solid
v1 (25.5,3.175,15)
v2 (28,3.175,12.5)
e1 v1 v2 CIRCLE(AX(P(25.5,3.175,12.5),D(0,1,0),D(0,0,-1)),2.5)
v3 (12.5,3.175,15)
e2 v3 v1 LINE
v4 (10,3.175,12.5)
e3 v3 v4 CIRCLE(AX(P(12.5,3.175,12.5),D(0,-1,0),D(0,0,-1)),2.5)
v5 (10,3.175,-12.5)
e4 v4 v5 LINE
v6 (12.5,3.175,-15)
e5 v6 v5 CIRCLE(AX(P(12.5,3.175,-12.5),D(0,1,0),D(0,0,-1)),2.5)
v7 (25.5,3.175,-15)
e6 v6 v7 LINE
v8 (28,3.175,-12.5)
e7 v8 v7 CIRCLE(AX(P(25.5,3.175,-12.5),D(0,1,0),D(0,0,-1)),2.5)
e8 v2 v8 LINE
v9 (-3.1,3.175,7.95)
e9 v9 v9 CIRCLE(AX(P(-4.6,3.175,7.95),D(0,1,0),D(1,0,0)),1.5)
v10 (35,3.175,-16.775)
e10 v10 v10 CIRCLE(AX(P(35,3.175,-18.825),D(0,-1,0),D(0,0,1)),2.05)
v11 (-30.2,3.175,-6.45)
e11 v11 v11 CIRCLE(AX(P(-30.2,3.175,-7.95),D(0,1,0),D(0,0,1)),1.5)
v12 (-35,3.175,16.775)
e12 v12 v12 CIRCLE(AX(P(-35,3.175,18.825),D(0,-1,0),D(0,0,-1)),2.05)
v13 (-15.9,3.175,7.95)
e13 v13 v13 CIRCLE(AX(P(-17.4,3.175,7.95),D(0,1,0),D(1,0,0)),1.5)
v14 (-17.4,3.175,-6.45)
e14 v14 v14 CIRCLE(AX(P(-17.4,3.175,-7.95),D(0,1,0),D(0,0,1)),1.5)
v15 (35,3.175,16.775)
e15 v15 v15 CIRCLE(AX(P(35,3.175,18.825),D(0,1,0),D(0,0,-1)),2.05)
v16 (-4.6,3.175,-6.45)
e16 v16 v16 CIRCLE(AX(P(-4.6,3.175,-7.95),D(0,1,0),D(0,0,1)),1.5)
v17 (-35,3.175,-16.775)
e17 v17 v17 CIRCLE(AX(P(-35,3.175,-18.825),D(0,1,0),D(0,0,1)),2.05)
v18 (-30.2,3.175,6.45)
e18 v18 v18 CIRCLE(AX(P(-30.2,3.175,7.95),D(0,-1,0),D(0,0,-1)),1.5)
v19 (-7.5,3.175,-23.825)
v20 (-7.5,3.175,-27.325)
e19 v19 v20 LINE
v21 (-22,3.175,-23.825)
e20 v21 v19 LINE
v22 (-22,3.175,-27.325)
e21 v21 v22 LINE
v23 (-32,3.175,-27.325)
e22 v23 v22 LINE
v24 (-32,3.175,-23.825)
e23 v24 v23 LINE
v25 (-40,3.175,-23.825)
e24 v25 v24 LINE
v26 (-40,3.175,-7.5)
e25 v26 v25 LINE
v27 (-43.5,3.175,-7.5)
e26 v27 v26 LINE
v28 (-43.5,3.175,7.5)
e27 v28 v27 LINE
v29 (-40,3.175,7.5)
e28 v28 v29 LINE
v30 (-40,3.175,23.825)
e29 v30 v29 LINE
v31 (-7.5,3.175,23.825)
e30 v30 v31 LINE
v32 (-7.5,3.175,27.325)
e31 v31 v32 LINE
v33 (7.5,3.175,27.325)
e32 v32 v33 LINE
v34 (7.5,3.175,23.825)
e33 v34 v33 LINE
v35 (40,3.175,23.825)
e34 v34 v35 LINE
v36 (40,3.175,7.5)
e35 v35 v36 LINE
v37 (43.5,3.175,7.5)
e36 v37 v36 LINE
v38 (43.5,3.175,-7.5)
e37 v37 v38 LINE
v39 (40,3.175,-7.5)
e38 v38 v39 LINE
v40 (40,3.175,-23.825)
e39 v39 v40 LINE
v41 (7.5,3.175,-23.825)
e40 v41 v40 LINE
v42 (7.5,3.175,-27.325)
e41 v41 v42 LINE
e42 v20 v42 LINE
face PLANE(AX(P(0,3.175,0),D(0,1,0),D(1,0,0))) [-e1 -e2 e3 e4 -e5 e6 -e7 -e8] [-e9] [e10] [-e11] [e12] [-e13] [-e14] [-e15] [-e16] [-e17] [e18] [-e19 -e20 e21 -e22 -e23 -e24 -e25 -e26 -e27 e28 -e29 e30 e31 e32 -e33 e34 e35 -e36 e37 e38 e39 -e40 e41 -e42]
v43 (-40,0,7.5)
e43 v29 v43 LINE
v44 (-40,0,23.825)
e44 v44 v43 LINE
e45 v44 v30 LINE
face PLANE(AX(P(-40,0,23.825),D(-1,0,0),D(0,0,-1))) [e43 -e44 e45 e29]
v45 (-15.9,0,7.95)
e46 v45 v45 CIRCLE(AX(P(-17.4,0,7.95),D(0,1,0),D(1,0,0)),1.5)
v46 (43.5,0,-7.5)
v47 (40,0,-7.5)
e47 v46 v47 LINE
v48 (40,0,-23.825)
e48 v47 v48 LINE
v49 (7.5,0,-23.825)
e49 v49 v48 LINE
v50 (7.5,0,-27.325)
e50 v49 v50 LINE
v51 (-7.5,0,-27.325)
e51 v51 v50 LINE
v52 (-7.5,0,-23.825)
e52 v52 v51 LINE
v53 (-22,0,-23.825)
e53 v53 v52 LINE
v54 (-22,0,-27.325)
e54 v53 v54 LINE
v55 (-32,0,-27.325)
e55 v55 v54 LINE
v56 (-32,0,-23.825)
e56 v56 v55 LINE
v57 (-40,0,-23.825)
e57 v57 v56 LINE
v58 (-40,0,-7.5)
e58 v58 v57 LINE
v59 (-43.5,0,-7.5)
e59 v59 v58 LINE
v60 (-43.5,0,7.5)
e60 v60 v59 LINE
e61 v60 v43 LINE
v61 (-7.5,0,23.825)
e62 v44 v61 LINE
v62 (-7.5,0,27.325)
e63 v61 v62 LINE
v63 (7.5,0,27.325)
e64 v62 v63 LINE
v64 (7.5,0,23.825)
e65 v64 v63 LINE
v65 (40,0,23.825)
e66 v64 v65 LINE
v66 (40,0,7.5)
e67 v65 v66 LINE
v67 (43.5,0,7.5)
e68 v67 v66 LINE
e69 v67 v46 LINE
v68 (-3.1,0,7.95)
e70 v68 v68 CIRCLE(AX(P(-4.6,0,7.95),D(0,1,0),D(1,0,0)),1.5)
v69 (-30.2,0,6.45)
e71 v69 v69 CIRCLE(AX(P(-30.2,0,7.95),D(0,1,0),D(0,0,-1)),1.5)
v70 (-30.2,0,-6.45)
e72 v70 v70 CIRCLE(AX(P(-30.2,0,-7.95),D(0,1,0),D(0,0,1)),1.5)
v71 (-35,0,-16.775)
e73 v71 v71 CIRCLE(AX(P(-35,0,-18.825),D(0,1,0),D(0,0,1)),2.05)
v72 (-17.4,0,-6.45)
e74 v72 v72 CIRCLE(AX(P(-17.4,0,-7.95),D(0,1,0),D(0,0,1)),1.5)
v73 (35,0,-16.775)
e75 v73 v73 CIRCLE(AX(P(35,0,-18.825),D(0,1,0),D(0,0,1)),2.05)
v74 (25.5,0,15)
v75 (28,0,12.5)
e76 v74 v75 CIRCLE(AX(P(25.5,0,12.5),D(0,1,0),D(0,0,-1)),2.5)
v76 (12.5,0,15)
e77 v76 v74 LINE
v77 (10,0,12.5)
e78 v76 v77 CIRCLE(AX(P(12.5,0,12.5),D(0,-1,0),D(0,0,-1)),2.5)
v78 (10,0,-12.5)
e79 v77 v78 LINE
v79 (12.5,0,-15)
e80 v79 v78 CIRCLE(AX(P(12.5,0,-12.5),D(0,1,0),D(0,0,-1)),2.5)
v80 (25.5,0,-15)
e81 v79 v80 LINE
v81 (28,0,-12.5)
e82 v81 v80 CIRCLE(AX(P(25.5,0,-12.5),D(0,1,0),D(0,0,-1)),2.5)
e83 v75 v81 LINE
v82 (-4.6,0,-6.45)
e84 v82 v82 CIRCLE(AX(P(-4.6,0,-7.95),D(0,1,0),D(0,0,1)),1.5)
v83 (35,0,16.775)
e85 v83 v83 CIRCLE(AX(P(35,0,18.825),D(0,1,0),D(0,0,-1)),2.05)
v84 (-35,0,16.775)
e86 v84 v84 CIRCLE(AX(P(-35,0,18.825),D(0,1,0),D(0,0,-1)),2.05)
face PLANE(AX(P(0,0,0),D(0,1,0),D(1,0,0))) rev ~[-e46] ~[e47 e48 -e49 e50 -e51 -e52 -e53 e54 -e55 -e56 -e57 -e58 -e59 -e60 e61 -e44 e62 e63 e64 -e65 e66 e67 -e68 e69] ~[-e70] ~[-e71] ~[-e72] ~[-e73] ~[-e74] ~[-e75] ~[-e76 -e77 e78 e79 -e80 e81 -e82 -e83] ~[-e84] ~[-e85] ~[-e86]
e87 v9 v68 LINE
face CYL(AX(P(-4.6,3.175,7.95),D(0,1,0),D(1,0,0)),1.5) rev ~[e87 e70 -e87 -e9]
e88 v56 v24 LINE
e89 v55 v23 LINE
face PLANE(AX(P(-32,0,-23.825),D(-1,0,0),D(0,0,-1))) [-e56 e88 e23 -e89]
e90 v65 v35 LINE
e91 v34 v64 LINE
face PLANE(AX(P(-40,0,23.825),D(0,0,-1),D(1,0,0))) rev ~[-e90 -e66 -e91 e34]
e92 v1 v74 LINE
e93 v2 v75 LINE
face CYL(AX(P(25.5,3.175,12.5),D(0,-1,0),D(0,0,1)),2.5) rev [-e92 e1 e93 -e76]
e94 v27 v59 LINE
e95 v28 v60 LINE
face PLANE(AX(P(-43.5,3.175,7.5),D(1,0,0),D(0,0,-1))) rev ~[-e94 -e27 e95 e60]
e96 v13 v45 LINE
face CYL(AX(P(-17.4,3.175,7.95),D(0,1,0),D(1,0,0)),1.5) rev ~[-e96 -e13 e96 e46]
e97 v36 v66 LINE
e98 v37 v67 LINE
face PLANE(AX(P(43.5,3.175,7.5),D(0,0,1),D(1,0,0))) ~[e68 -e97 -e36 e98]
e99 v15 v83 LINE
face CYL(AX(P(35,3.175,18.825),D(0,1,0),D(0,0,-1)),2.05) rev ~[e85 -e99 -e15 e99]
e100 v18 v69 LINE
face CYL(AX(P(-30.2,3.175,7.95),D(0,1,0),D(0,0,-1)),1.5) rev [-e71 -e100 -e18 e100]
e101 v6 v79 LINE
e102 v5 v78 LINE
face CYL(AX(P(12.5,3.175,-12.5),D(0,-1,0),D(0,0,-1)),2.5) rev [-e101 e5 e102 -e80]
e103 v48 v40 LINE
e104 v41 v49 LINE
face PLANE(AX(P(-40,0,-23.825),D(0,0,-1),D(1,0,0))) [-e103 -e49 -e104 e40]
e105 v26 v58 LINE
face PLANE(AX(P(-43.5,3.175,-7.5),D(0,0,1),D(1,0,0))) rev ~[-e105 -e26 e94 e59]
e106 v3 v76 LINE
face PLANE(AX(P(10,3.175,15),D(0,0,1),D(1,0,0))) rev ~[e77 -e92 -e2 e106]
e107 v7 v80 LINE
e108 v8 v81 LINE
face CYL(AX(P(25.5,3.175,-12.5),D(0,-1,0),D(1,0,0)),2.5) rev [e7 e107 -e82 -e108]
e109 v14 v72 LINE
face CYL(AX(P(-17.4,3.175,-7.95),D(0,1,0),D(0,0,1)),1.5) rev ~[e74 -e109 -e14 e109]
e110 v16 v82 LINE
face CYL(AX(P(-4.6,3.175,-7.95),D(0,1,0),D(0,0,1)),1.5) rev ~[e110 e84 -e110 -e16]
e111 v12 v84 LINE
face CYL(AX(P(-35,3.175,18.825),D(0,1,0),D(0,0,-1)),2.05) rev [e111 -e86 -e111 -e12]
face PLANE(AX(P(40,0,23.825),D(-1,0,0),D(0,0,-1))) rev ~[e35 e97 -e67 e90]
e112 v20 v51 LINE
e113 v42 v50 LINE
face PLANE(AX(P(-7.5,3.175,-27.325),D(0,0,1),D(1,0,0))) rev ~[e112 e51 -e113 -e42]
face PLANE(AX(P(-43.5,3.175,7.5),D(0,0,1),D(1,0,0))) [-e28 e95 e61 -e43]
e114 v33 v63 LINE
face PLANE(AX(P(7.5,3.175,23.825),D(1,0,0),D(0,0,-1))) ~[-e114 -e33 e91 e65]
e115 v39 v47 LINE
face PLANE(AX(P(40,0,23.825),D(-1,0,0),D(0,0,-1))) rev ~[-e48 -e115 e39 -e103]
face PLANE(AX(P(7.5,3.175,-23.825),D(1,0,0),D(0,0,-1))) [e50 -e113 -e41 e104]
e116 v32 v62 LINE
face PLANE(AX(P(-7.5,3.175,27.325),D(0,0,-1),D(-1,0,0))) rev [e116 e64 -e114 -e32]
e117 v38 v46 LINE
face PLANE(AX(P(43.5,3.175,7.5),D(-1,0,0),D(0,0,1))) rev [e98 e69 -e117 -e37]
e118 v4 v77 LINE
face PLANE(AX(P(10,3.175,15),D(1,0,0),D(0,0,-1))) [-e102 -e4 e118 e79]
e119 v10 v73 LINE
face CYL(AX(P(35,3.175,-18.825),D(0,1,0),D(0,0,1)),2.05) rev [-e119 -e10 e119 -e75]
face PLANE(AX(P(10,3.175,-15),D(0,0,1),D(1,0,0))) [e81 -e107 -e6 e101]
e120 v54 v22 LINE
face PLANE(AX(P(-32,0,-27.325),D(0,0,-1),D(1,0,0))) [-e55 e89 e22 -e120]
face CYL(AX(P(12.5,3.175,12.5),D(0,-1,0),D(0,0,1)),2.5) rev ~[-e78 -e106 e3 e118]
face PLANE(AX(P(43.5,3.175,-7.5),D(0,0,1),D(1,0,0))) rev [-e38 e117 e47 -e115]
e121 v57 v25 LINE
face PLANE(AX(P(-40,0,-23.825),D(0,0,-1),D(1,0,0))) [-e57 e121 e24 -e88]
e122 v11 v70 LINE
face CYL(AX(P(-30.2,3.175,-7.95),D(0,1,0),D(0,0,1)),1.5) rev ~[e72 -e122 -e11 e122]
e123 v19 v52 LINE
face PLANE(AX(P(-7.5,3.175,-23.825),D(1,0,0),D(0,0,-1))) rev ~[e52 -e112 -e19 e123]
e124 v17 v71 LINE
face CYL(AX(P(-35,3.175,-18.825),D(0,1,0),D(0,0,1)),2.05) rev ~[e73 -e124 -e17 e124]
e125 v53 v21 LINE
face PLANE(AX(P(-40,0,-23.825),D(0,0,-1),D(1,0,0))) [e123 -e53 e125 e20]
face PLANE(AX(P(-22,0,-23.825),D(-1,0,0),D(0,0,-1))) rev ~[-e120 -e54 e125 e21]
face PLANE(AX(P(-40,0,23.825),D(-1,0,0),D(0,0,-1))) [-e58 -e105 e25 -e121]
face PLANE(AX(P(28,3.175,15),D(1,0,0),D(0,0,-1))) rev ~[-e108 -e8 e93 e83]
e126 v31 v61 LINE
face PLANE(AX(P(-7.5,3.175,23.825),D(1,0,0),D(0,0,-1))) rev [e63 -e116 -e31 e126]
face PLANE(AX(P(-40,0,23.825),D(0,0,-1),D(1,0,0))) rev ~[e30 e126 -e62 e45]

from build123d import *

# Parameters (mm, degrees)
SKETCH2_W               = 80
SKETCH2_H               = 47.65
BOSS_EXTRUDE1_DEPTH     = 3.175
SKETCH3_W               = 15
SKETCH3_H               = 3.5
BOSS_EXTRUDE2_DEPTH     = 3.175
SKETCH4_W               = 3.5
SKETCH4_H               = 15
BOSS_EXTRUDE3_DEPTH     = 3.175
MIRROR2_COPY_1_SKETCH_W = 3.5
MIRROR2_COPY_1_SKETCH_H = 15
MIRROR2_COPY_1_DEPTH    = 3.175
MIRROR2_COPY_2_SKETCH_W = 3.5
MIRROR2_COPY_2_SKETCH_H = 15
MIRROR2_COPY_2_DEPTH    = 3.175
SKETCH5_R               = 2.05
CUT_EXTRUDE1_DEPTH      = 20
SKETCH6_W               = 18
SKETCH6_H               = 30
CUT_EXTRUDE2_DEPTH      = 52.468303353
FILLET1_R               = 2.5
MIRROR4_COPY_1_SKETCH_R = 2.05
MIRROR4_COPY_1_DEPTH    = 20
SKETCH8_R               = 1.5
CUT_EXTRUDE4_DEPTH      = 10
LPATTERN1_COUNT         = 3
LPATTERN1_PITCH         = 12.8
MIRROR5_COPY_1_SKETCH_R = 1.5
MIRROR5_COPY_1_DEPTH    = 10
MIRROR5_COPY_2_SKETCH_R = 1.5
MIRROR5_COPY_2_DEPTH    = 10
SKETCH9_W               = 10
SKETCH9_H               = 3.5
BOSS_EXTRUDE4_DEPTH     = 3.175


with BuildPart() as part:
    # Sketch2 → Boss-Extrude1 (new body)
    with BuildSketch(Plane(origin=(0, 0, 0), x_dir=(1, 0, 0), z_dir=(0, 1, 0))):
        Rectangle(SKETCH2_W, SKETCH2_H)
    extrude(amount=BOSS_EXTRUDE1_DEPTH)

    # Sketch3 → Boss-Extrude2 (add)
    with BuildSketch(Plane(origin=(0, 3.175, 0), x_dir=(1, 0, 0), z_dir=(0, 1, 0))):
        with Locations((0, 25.575)):
            Rectangle(SKETCH3_W, SKETCH3_H)
    boss_extrude2 = extrude(amount=-BOSS_EXTRUDE2_DEPTH)

    # Sketch4 → Boss-Extrude3 (add)
    with BuildSketch(Plane(origin=(0, 3.175, 0), x_dir=(1, 0, 0), z_dir=(0, 1, 0))):
        with Locations((-41.75, 0)):
            Rectangle(SKETCH4_W, SKETCH4_H)
    boss_extrude3 = extrude(amount=-BOSS_EXTRUDE3_DEPTH)

    # Mirror1: Boss-Extrude3 across plane
    add(boss_extrude3.mirror(Plane(origin=(0, 0, 0), x_dir=(0, 0, 1), z_dir=(1, 0, 0))))

    # Mirror2: Boss-Extrude2 across plane
    add(boss_extrude2.mirror(Plane.XY))

    # Mirror2 copy 1 sketch → Mirror2 copy 1 (add)
    with BuildSketch(Plane(origin=(0, 3.175, 0), x_dir=(-1, 0, 0), z_dir=(0, 1, 0))):
        with Locations((-41.75, 0)):
            Rectangle(MIRROR2_COPY_1_SKETCH_W, MIRROR2_COPY_1_SKETCH_H)
    extrude(amount=-MIRROR2_COPY_1_DEPTH)

    # Mirror2 copy 2 sketch → Mirror2 copy 2 (add)
    with BuildSketch(Plane(origin=(0, 3.175, 0), x_dir=(1, 0, 0), z_dir=(0, 1, 0))):
        with Locations((-41.75, 0)):
            Rectangle(MIRROR2_COPY_2_SKETCH_W, MIRROR2_COPY_2_SKETCH_H)
    extrude(amount=-MIRROR2_COPY_2_DEPTH)

    # Sketch5 → Cut-Extrude1 (cut)
    with BuildSketch(Plane(origin=(0, 3.175, 0), x_dir=(1, 0, 0), z_dir=(0, 1, 0))):
        with Locations(Location((-35, 18.825, 0), (0, 0, 270))):
            Circle(SKETCH5_R)
    cut_extrude1 = extrude(amount=-CUT_EXTRUDE1_DEPTH, mode=Mode.SUBTRACT)

    # Sketch6 → Cut-Extrude2 (cut, through all)
    with BuildSketch(Plane(origin=(0, 3.175, 0), x_dir=(1, 0, 0), z_dir=(0, 1, 0))):
        with Locations((19, 0)):
            Rectangle(SKETCH6_W, SKETCH6_H)
    extrude(amount=-CUT_EXTRUDE2_DEPTH, mode=Mode.SUBTRACT)

    # Fillet1
    fillet1_edges = [part.edges().sort_by_distance(p)[0] for p in [
        (10, 1.5875, 15),
        (10, 1.5875, -15),
        (28, 1.5875, -15),
        (28, 1.5875, 15),
    ]]
    fillet(fillet1_edges, radius=FILLET1_R)

    # Mirror3: Cut-Extrude1 across plane
    add(cut_extrude1.mirror(Plane(origin=(0, 0, 0), x_dir=(0, 0, 1), z_dir=(1, 0, 0))), mode=Mode.SUBTRACT)

    # Mirror4: Cut-Extrude1 across plane
    add(cut_extrude1.mirror(Plane.XY), mode=Mode.SUBTRACT)

    # Mirror4 copy 1 sketch → Mirror4 copy 1 (cut)
    with BuildSketch(Plane(origin=(0, 3.175, 0), x_dir=(-1, 0, 0), z_dir=(0, 1, 0))):
        with Locations(Location((-35, 18.825, 0), (0, 0, 270))):
            Circle(MIRROR4_COPY_1_SKETCH_R)
    extrude(amount=-MIRROR4_COPY_1_DEPTH, mode=Mode.SUBTRACT)

    # Sketch8 → Cut-Extrude4 (cut)
    with BuildSketch(Plane(origin=(0, 3.175, 0), x_dir=(1, 0, 0), z_dir=(0, 1, 0))):
        with Locations(Location((-30.2, 7.95, 0), (0, 0, 270))):
            Circle(SKETCH8_R)
    cut_extrude4 = extrude(amount=-CUT_EXTRUDE4_DEPTH, mode=Mode.SUBTRACT)

    # LPattern1: Cut-Extrude4 ×3
    with Locations(*[(i * LPATTERN1_PITCH, 0, 0) for i in range(1, LPATTERN1_COUNT)]):
        add(cut_extrude4, mode=Mode.SUBTRACT)

    # Mirror5: Cut-Extrude4 across plane
    add(cut_extrude4.mirror(Plane.XY), mode=Mode.SUBTRACT)

    # Mirror5 copy 1 sketch → Mirror5 copy 1 (cut)
    with BuildSketch(Plane(origin=(12.8, 3.175, 0), x_dir=(1, 0, 0), z_dir=(0, 1, 0))):
        with Locations((-30.2, -7.95)):
            Circle(MIRROR5_COPY_1_SKETCH_R)
    extrude(amount=-MIRROR5_COPY_1_DEPTH, mode=Mode.SUBTRACT)

    # Mirror5 copy 2 sketch → Mirror5 copy 2 (cut)
    with BuildSketch(Plane(origin=(25.6, 3.175, 0), x_dir=(1, 0, 0), z_dir=(0, 1, 0))):
        with Locations((-30.2, -7.95)):
            Circle(MIRROR5_COPY_2_SKETCH_R)
    extrude(amount=-MIRROR5_COPY_2_DEPTH, mode=Mode.SUBTRACT)

    # Sketch9 → Boss-Extrude4 (add)
    with BuildSketch(Plane(origin=(0, 0, 0), x_dir=(1, 0, 0), z_dir=(0, 1, 0))):
        with Locations((-27, 25.575)):
            Rectangle(SKETCH9_W, SKETCH9_H)
    extrude(amount=BOSS_EXTRUDE4_DEPTH)


solid = part.part
